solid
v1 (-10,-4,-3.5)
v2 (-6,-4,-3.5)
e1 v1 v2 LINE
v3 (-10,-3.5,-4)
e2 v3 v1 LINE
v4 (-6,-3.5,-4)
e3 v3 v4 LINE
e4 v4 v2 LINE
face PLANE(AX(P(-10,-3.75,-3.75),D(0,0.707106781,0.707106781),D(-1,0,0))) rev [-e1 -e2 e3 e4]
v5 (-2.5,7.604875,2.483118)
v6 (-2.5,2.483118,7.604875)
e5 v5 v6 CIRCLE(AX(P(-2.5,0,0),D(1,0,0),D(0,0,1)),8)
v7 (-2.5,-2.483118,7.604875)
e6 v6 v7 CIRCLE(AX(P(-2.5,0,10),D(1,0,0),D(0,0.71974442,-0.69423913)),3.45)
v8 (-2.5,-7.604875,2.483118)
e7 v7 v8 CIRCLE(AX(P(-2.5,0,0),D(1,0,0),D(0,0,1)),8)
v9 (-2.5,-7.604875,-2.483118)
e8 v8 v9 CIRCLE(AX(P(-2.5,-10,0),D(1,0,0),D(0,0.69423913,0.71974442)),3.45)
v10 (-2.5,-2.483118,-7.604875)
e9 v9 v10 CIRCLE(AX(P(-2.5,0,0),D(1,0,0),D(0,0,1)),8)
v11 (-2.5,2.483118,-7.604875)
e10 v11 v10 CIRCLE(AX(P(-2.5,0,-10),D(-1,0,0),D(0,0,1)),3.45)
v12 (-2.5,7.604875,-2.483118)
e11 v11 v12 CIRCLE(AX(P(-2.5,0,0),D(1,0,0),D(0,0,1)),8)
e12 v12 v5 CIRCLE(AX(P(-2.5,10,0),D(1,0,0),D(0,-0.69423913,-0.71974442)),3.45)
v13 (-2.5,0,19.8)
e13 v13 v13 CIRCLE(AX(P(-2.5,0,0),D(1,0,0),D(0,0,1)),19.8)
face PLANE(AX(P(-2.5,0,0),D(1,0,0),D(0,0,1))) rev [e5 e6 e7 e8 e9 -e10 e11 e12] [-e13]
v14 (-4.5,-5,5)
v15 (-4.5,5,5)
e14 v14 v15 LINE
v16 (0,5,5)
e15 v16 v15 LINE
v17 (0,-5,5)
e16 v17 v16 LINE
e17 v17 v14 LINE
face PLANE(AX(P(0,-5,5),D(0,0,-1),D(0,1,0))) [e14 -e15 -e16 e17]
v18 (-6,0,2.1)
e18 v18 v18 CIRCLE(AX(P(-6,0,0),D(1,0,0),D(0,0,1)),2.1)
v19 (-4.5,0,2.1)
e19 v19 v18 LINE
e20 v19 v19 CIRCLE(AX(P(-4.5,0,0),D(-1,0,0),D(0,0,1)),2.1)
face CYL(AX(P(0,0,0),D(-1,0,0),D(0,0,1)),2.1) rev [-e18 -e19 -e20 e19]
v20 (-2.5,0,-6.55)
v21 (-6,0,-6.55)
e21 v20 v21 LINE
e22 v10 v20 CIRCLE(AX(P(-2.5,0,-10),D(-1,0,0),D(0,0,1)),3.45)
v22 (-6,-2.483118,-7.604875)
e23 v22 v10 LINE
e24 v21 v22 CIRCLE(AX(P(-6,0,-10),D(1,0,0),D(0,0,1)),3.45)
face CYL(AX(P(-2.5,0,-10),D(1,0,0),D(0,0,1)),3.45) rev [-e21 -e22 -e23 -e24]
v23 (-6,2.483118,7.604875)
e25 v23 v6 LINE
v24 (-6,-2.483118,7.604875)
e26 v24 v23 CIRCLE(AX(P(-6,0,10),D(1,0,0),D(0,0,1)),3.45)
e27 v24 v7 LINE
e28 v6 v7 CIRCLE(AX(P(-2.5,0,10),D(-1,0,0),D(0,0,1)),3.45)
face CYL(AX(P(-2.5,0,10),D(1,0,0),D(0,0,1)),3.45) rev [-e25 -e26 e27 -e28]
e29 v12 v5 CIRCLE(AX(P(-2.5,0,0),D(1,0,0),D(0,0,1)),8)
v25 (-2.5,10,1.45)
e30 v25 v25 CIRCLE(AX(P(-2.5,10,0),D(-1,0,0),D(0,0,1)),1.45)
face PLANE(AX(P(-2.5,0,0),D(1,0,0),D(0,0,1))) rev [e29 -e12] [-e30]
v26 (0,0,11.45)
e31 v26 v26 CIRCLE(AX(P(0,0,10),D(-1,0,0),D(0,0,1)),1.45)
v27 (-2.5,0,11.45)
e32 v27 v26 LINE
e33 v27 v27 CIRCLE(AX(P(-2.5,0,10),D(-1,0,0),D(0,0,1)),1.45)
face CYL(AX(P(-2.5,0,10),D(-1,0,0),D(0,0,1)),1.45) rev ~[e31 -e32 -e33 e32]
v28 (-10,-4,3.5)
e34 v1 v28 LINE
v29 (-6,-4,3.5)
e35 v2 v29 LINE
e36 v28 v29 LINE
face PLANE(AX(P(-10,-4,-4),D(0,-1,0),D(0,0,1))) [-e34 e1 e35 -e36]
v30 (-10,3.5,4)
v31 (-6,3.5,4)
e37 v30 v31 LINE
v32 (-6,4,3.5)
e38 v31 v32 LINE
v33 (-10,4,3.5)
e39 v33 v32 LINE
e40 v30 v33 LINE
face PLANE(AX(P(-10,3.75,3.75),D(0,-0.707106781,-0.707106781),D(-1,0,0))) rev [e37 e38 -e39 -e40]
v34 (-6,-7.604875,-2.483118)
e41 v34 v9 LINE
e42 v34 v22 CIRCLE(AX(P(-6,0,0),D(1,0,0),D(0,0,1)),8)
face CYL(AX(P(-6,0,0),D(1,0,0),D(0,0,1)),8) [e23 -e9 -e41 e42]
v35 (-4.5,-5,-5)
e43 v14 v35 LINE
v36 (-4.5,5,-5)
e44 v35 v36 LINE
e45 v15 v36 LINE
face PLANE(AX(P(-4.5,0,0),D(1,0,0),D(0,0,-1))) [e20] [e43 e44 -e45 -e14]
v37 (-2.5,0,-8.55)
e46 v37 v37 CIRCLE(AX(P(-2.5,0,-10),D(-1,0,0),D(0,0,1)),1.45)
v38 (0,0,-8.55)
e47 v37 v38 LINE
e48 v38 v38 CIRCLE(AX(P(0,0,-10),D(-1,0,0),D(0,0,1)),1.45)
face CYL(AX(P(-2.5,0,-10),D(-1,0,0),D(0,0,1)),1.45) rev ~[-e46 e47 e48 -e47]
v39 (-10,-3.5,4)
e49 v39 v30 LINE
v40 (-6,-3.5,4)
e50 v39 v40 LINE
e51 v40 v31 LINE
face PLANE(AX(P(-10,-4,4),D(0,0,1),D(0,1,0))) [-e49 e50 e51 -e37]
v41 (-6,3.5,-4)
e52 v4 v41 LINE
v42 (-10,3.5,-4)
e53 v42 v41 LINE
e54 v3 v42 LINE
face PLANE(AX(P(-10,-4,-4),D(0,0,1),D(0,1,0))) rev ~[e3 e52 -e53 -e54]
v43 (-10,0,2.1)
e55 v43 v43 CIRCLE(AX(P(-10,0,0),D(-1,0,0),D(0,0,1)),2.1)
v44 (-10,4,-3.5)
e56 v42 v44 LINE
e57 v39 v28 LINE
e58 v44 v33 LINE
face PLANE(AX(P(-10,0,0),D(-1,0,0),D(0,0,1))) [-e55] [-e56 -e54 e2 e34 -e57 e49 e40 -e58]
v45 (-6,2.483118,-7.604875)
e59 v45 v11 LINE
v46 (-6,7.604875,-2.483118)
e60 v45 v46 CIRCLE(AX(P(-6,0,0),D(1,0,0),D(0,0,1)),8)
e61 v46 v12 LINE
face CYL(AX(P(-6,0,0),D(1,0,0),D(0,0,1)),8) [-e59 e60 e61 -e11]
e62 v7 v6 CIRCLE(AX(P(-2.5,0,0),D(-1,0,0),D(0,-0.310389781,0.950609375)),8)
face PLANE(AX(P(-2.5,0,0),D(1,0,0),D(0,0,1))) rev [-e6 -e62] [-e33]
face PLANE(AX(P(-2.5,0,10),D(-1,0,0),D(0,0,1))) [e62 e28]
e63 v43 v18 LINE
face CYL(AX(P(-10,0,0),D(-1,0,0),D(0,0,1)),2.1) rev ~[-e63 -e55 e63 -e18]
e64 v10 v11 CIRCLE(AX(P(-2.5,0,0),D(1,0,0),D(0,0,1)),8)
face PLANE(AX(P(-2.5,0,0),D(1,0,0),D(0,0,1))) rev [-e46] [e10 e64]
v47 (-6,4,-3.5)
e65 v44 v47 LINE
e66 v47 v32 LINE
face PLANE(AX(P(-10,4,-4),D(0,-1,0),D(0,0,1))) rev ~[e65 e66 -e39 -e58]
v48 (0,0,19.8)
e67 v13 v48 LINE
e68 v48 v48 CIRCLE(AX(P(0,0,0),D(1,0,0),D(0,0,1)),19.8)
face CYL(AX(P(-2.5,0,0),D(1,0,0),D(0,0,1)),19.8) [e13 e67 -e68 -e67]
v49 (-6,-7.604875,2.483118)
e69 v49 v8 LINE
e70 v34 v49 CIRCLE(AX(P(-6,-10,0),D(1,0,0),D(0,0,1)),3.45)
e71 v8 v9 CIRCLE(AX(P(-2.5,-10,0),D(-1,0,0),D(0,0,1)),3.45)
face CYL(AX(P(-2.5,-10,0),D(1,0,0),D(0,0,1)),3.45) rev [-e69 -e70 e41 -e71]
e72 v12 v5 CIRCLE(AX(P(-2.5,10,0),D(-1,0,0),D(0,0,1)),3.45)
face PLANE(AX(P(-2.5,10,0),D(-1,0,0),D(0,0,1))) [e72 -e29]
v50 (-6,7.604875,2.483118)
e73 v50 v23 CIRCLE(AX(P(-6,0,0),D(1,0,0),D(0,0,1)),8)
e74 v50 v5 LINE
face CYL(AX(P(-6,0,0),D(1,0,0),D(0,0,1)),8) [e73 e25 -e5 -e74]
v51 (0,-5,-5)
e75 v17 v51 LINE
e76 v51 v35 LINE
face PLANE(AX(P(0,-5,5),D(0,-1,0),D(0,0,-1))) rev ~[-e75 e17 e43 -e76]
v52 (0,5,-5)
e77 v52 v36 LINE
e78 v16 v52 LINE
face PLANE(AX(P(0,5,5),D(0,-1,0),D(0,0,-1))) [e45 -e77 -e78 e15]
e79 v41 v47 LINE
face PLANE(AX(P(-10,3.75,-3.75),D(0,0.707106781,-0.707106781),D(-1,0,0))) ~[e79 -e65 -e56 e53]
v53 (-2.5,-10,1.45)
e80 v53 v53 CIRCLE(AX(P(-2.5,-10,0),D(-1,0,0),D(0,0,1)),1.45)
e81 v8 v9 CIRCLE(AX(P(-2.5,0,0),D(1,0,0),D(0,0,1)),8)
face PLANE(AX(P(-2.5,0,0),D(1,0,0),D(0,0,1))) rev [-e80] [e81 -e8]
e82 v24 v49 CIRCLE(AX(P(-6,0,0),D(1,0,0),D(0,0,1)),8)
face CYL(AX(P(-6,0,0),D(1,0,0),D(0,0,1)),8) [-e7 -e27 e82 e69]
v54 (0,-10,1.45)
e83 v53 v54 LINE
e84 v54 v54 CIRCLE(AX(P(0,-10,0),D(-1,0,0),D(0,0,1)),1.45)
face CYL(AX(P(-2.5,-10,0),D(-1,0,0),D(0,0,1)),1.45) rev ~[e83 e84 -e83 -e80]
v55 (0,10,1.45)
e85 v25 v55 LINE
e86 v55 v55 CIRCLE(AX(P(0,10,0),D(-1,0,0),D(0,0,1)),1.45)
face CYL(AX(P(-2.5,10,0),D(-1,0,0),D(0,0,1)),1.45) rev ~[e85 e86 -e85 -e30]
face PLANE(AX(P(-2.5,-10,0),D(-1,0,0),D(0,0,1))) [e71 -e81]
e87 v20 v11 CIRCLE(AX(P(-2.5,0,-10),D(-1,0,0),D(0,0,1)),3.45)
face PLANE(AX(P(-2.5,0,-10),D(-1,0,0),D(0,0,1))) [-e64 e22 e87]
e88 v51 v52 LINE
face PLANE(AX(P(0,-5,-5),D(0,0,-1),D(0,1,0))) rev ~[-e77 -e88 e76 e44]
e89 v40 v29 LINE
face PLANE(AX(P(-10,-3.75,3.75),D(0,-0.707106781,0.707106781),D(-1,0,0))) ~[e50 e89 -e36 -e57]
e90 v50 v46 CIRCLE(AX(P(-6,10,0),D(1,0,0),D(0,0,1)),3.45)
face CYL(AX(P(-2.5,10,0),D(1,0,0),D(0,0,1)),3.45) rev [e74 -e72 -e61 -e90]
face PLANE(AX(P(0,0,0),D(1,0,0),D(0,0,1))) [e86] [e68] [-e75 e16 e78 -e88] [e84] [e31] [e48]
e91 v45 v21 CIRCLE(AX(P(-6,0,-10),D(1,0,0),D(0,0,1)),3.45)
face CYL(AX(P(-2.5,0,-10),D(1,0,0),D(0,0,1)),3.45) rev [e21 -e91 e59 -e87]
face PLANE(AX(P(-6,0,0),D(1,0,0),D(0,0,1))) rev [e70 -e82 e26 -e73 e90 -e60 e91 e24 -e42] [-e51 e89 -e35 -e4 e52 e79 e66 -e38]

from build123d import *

# Parameters (mm, degrees)
ESQUISSE2_R             = 1.45
ENL_V_MAT_EXTRU_1_DEPTH = 29.219319623
ESQUISSE3_W             = 10
ESQUISSE3_H             = 10
ENL_V_MAT_EXTRU_2_DEPTH = 4.5
BOSS_EXTRU_1_START      = 4
ESQUISSE4_W             = 8
ESQUISSE4_H             = 8
ESQUISSE4_R             = 2.1
BOSS_EXTRU_1_DEPTH      = 4
ESQUISSE5_R             = 3.45
ENL_V_MAT_EXTRU_3_DEPTH = 29.988445974
CHANFREIN1_SIZE         = 0.5


with BuildPart() as part:
    # Esquisse1 → Révolution1 (revolve)
    with BuildSketch(Plane.XY, mode=Mode.PRIVATE) as r_volution1_sk:
        Polygon((0, 19.8), (0, 2.1), (-6, 2.1), (-6, 8), (-2.5, 8), (-2.5, 19.8), align=None)
    revolve(r_volution1_sk.sketch.rotate(Axis((0, 0, 0), (1, 0, 0)), 90), axis=Axis((0, 0, 0), (1, 0, 0)))

    # Esquisse2 → Enlèv. mat.-Extru.1 (cut, through all)
    with BuildSketch(Plane.ZY.offset(2.5)):
        with Locations((0, 10)):
            Circle(ESQUISSE2_R)
        with Locations((-10, 0)):
            Circle(ESQUISSE2_R)
        with Locations((10, 0)):
            Circle(ESQUISSE2_R)
        with Locations((0, -10)):
            Circle(ESQUISSE2_R)
    extrude(amount=-ENL_V_MAT_EXTRU_1_DEPTH, mode=Mode.SUBTRACT)

    # Esquisse3 → Enlèv. mat.-Extru.2 (cut)
    with BuildSketch(Plane(origin=(0, 0, 0), x_dir=(0, 0, -1), z_dir=(1, 0, 0))):
        Rectangle(ESQUISSE3_W, ESQUISSE3_H)
    extrude(amount=-ENL_V_MAT_EXTRU_2_DEPTH, mode=Mode.SUBTRACT)

    # Esquisse4 → Boss.-Extru.1 (add)
    with BuildSketch(Plane.ZY.offset(6).offset(BOSS_EXTRU_1_START)):
        Rectangle(ESQUISSE4_W, ESQUISSE4_H)
        Circle(ESQUISSE4_R, mode=Mode.SUBTRACT)
    extrude(amount=-BOSS_EXTRU_1_DEPTH)

    # Esquisse5 → Enlèv. mat.-Extru.3 (cut, through all)
    with BuildSketch(Plane.ZY.offset(2.5)):
        with Locations((0, 10)):
            Circle(ESQUISSE5_R)
        with Locations((10, 0)):
            Circle(ESQUISSE5_R)
        with Locations((0, -10)):
            Circle(ESQUISSE5_R)
        with Locations((-10, 0)):
            Circle(ESQUISSE5_R)
    extrude(amount=ENL_V_MAT_EXTRU_3_DEPTH, mode=Mode.SUBTRACT)

    # Chanfrein1
    chanfrein1_edges = [part.edges().sort_by_distance(p)[0] for p in [
        (-8, -4, 4),
        (-8, 4, 4),
        (-8, 4, -4),
        (-8, -4, -4),
    ]]
    chamfer(chanfrein1_edges, length=CHANFREIN1_SIZE)


solid = part.part
